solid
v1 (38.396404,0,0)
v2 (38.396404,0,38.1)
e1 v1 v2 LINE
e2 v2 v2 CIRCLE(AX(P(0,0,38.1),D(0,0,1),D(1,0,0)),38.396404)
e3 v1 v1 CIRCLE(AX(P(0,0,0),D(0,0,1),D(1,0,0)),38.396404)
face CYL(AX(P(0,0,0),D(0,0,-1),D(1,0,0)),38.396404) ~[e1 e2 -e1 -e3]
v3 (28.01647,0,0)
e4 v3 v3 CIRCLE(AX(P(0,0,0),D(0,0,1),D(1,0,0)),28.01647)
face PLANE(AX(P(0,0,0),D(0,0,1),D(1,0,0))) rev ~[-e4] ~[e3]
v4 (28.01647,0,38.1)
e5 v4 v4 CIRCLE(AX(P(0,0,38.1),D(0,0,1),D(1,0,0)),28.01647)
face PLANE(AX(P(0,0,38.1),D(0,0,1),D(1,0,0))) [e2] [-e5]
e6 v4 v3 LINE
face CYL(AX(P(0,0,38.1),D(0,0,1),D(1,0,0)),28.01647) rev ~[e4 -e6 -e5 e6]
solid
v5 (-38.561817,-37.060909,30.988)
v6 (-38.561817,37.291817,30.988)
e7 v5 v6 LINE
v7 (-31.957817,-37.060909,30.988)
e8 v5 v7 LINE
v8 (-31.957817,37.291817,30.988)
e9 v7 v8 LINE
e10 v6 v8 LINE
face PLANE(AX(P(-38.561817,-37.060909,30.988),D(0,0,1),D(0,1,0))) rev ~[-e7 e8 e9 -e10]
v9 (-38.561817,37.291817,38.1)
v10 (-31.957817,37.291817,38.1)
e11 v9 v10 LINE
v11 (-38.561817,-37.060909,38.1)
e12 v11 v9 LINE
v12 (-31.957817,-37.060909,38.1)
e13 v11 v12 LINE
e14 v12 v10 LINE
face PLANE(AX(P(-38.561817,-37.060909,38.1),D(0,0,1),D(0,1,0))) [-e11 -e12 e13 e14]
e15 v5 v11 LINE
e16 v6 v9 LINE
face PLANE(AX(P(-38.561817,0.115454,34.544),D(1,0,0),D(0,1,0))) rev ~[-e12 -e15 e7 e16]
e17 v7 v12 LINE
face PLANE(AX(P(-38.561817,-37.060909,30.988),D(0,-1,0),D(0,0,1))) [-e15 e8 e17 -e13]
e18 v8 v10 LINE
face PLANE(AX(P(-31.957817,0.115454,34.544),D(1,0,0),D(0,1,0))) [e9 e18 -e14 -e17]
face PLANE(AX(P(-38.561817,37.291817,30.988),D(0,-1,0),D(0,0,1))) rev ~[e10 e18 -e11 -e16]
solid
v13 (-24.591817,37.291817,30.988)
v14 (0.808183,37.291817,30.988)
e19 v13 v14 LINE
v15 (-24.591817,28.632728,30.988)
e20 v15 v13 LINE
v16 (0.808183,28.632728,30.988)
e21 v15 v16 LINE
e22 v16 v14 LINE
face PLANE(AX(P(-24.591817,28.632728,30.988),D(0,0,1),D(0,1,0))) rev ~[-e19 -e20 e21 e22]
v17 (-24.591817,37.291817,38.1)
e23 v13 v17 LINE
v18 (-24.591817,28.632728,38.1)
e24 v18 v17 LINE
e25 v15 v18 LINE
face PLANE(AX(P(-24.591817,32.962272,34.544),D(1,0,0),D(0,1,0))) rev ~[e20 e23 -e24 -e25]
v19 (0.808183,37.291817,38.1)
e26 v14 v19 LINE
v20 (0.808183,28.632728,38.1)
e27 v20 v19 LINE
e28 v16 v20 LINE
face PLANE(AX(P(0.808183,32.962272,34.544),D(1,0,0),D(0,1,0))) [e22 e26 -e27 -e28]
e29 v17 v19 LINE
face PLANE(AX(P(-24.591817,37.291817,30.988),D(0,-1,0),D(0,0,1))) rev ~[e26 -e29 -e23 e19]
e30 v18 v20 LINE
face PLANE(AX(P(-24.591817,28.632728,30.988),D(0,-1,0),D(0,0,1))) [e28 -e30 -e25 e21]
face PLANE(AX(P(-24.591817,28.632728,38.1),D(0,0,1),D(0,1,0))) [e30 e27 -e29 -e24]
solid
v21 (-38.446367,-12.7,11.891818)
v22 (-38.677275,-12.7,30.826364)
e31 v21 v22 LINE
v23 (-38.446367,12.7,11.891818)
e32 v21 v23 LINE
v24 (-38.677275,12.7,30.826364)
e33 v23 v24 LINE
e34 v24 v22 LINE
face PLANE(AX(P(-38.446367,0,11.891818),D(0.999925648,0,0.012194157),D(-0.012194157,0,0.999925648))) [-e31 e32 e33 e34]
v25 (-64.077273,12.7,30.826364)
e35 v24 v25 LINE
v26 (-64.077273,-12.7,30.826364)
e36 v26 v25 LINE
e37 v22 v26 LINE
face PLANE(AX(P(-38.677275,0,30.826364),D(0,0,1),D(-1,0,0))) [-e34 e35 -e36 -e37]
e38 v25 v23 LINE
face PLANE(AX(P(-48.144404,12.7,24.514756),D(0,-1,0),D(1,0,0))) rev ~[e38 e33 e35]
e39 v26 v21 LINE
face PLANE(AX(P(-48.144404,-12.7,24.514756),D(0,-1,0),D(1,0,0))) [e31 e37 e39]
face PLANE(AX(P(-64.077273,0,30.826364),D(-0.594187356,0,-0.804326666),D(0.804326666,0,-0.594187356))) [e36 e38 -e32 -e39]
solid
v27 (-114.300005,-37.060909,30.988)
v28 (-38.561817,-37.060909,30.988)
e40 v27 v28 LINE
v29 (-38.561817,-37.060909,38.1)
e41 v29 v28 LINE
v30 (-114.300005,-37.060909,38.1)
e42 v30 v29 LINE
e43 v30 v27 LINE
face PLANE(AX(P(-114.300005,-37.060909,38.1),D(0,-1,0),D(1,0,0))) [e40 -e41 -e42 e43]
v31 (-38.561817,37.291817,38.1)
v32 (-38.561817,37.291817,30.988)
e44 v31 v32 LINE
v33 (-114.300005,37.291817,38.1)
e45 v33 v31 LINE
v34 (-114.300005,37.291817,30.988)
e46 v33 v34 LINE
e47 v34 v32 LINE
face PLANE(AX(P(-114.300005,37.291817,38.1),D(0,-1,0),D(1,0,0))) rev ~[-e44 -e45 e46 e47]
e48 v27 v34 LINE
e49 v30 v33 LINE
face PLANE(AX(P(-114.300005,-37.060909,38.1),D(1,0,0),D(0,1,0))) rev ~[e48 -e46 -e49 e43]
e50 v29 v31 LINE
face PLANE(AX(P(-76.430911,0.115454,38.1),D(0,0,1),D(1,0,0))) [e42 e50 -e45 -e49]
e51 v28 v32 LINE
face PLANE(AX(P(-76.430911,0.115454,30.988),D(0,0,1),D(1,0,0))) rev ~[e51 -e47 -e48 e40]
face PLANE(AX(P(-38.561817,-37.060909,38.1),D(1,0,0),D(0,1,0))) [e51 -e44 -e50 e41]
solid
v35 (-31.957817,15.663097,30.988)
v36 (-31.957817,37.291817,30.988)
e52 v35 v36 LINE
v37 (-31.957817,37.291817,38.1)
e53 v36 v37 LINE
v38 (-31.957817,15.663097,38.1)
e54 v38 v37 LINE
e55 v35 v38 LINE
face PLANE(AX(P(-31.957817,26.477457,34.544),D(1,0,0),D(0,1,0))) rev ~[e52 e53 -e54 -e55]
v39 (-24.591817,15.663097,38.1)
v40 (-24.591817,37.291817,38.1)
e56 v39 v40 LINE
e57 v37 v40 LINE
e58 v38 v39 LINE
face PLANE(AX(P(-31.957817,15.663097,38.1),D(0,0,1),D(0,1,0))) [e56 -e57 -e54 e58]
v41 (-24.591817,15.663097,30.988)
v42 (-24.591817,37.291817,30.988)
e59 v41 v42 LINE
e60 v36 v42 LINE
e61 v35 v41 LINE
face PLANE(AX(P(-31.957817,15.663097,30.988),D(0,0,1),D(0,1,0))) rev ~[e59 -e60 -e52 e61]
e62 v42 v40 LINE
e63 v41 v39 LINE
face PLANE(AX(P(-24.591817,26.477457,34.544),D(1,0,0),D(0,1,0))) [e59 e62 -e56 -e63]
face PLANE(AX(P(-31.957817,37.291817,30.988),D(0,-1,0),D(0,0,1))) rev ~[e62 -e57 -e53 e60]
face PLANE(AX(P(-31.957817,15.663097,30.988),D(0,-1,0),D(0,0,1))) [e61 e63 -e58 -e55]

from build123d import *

# Parameters (mm, degrees)
F0_R      = 38.396404
F1_DEPTH  = 38.1
F3_W      = 75.738188
F3_H      = 74.352726
F4_DEPTH  = 7.112
F2_R      = 28.01647
F5_DEPTH  = 75.438
F7_DEPTH  = 12.7
F8_W      = 74.352726
F8_H      = 7.112
F9_DEPTH  = 6.604
F10_W     = 21.62872
F10_H     = 7.112
F11_DEPTH = 7.366
F12_W     = 8.659089
F12_H     = 7.112
F13_DEPTH = 25.4


with BuildPart() as f1:
    # F0 (on Top) → F1 (new body)
    with BuildSketch(Plane.XY):
        Circle(F0_R)
    extrude(amount=F1_DEPTH)

    # F2 (on face) → F5 (cut)
    with BuildSketch(Plane.XY.offset(38.1)):
        Circle(F2_R)
    extrude(amount=-F5_DEPTH, mode=Mode.SUBTRACT)


with BuildPart() as f4:
    # F3 (on face) → F4 (new body)
    with BuildSketch(Plane.XY.offset(38.1)):
        with Locations((-76.430911, 0.115454)):
            Rectangle(F3_W, F3_H)
    extrude(amount=-F4_DEPTH)


with BuildPart() as f7:
    # F6 (on Front) → F7 (new body, symmetric)
    with BuildSketch(Plane.XZ):
        Polygon((-38.446367, 11.891818), (-38.677275, 30.826364), (-64.077273, 30.826364), align=None)
    extrude(amount=F7_DEPTH, both=True)


with BuildPart() as f9:
    # F8 (on face) → F9 (new body)
    with BuildSketch(Plane.YZ.offset(-38.561817)):
        with Locations((0.115454, 34.544)):
            Rectangle(F8_W, F8_H)
    extrude(amount=F9_DEPTH)


with BuildPart() as f11:
    # F10 (on face) → F11 (new body)
    with BuildSketch(Plane.YZ.offset(-31.957817)):
        with Locations((26.477457, 34.544)):
            Rectangle(F10_W, F10_H)
    extrude(amount=F11_DEPTH)


with BuildPart() as f13:
    # F12 (on face) → F13 (new body)
    with BuildSketch(Plane.YZ.offset(-24.591817)):
        with Locations((32.962272, 34.544)):
            Rectangle(F12_W, F12_H)
    extrude(amount=F13_DEPTH)


solid = Compound([f1.part, f4.part, f7.part, f9.part, f11.part, f13.part])
